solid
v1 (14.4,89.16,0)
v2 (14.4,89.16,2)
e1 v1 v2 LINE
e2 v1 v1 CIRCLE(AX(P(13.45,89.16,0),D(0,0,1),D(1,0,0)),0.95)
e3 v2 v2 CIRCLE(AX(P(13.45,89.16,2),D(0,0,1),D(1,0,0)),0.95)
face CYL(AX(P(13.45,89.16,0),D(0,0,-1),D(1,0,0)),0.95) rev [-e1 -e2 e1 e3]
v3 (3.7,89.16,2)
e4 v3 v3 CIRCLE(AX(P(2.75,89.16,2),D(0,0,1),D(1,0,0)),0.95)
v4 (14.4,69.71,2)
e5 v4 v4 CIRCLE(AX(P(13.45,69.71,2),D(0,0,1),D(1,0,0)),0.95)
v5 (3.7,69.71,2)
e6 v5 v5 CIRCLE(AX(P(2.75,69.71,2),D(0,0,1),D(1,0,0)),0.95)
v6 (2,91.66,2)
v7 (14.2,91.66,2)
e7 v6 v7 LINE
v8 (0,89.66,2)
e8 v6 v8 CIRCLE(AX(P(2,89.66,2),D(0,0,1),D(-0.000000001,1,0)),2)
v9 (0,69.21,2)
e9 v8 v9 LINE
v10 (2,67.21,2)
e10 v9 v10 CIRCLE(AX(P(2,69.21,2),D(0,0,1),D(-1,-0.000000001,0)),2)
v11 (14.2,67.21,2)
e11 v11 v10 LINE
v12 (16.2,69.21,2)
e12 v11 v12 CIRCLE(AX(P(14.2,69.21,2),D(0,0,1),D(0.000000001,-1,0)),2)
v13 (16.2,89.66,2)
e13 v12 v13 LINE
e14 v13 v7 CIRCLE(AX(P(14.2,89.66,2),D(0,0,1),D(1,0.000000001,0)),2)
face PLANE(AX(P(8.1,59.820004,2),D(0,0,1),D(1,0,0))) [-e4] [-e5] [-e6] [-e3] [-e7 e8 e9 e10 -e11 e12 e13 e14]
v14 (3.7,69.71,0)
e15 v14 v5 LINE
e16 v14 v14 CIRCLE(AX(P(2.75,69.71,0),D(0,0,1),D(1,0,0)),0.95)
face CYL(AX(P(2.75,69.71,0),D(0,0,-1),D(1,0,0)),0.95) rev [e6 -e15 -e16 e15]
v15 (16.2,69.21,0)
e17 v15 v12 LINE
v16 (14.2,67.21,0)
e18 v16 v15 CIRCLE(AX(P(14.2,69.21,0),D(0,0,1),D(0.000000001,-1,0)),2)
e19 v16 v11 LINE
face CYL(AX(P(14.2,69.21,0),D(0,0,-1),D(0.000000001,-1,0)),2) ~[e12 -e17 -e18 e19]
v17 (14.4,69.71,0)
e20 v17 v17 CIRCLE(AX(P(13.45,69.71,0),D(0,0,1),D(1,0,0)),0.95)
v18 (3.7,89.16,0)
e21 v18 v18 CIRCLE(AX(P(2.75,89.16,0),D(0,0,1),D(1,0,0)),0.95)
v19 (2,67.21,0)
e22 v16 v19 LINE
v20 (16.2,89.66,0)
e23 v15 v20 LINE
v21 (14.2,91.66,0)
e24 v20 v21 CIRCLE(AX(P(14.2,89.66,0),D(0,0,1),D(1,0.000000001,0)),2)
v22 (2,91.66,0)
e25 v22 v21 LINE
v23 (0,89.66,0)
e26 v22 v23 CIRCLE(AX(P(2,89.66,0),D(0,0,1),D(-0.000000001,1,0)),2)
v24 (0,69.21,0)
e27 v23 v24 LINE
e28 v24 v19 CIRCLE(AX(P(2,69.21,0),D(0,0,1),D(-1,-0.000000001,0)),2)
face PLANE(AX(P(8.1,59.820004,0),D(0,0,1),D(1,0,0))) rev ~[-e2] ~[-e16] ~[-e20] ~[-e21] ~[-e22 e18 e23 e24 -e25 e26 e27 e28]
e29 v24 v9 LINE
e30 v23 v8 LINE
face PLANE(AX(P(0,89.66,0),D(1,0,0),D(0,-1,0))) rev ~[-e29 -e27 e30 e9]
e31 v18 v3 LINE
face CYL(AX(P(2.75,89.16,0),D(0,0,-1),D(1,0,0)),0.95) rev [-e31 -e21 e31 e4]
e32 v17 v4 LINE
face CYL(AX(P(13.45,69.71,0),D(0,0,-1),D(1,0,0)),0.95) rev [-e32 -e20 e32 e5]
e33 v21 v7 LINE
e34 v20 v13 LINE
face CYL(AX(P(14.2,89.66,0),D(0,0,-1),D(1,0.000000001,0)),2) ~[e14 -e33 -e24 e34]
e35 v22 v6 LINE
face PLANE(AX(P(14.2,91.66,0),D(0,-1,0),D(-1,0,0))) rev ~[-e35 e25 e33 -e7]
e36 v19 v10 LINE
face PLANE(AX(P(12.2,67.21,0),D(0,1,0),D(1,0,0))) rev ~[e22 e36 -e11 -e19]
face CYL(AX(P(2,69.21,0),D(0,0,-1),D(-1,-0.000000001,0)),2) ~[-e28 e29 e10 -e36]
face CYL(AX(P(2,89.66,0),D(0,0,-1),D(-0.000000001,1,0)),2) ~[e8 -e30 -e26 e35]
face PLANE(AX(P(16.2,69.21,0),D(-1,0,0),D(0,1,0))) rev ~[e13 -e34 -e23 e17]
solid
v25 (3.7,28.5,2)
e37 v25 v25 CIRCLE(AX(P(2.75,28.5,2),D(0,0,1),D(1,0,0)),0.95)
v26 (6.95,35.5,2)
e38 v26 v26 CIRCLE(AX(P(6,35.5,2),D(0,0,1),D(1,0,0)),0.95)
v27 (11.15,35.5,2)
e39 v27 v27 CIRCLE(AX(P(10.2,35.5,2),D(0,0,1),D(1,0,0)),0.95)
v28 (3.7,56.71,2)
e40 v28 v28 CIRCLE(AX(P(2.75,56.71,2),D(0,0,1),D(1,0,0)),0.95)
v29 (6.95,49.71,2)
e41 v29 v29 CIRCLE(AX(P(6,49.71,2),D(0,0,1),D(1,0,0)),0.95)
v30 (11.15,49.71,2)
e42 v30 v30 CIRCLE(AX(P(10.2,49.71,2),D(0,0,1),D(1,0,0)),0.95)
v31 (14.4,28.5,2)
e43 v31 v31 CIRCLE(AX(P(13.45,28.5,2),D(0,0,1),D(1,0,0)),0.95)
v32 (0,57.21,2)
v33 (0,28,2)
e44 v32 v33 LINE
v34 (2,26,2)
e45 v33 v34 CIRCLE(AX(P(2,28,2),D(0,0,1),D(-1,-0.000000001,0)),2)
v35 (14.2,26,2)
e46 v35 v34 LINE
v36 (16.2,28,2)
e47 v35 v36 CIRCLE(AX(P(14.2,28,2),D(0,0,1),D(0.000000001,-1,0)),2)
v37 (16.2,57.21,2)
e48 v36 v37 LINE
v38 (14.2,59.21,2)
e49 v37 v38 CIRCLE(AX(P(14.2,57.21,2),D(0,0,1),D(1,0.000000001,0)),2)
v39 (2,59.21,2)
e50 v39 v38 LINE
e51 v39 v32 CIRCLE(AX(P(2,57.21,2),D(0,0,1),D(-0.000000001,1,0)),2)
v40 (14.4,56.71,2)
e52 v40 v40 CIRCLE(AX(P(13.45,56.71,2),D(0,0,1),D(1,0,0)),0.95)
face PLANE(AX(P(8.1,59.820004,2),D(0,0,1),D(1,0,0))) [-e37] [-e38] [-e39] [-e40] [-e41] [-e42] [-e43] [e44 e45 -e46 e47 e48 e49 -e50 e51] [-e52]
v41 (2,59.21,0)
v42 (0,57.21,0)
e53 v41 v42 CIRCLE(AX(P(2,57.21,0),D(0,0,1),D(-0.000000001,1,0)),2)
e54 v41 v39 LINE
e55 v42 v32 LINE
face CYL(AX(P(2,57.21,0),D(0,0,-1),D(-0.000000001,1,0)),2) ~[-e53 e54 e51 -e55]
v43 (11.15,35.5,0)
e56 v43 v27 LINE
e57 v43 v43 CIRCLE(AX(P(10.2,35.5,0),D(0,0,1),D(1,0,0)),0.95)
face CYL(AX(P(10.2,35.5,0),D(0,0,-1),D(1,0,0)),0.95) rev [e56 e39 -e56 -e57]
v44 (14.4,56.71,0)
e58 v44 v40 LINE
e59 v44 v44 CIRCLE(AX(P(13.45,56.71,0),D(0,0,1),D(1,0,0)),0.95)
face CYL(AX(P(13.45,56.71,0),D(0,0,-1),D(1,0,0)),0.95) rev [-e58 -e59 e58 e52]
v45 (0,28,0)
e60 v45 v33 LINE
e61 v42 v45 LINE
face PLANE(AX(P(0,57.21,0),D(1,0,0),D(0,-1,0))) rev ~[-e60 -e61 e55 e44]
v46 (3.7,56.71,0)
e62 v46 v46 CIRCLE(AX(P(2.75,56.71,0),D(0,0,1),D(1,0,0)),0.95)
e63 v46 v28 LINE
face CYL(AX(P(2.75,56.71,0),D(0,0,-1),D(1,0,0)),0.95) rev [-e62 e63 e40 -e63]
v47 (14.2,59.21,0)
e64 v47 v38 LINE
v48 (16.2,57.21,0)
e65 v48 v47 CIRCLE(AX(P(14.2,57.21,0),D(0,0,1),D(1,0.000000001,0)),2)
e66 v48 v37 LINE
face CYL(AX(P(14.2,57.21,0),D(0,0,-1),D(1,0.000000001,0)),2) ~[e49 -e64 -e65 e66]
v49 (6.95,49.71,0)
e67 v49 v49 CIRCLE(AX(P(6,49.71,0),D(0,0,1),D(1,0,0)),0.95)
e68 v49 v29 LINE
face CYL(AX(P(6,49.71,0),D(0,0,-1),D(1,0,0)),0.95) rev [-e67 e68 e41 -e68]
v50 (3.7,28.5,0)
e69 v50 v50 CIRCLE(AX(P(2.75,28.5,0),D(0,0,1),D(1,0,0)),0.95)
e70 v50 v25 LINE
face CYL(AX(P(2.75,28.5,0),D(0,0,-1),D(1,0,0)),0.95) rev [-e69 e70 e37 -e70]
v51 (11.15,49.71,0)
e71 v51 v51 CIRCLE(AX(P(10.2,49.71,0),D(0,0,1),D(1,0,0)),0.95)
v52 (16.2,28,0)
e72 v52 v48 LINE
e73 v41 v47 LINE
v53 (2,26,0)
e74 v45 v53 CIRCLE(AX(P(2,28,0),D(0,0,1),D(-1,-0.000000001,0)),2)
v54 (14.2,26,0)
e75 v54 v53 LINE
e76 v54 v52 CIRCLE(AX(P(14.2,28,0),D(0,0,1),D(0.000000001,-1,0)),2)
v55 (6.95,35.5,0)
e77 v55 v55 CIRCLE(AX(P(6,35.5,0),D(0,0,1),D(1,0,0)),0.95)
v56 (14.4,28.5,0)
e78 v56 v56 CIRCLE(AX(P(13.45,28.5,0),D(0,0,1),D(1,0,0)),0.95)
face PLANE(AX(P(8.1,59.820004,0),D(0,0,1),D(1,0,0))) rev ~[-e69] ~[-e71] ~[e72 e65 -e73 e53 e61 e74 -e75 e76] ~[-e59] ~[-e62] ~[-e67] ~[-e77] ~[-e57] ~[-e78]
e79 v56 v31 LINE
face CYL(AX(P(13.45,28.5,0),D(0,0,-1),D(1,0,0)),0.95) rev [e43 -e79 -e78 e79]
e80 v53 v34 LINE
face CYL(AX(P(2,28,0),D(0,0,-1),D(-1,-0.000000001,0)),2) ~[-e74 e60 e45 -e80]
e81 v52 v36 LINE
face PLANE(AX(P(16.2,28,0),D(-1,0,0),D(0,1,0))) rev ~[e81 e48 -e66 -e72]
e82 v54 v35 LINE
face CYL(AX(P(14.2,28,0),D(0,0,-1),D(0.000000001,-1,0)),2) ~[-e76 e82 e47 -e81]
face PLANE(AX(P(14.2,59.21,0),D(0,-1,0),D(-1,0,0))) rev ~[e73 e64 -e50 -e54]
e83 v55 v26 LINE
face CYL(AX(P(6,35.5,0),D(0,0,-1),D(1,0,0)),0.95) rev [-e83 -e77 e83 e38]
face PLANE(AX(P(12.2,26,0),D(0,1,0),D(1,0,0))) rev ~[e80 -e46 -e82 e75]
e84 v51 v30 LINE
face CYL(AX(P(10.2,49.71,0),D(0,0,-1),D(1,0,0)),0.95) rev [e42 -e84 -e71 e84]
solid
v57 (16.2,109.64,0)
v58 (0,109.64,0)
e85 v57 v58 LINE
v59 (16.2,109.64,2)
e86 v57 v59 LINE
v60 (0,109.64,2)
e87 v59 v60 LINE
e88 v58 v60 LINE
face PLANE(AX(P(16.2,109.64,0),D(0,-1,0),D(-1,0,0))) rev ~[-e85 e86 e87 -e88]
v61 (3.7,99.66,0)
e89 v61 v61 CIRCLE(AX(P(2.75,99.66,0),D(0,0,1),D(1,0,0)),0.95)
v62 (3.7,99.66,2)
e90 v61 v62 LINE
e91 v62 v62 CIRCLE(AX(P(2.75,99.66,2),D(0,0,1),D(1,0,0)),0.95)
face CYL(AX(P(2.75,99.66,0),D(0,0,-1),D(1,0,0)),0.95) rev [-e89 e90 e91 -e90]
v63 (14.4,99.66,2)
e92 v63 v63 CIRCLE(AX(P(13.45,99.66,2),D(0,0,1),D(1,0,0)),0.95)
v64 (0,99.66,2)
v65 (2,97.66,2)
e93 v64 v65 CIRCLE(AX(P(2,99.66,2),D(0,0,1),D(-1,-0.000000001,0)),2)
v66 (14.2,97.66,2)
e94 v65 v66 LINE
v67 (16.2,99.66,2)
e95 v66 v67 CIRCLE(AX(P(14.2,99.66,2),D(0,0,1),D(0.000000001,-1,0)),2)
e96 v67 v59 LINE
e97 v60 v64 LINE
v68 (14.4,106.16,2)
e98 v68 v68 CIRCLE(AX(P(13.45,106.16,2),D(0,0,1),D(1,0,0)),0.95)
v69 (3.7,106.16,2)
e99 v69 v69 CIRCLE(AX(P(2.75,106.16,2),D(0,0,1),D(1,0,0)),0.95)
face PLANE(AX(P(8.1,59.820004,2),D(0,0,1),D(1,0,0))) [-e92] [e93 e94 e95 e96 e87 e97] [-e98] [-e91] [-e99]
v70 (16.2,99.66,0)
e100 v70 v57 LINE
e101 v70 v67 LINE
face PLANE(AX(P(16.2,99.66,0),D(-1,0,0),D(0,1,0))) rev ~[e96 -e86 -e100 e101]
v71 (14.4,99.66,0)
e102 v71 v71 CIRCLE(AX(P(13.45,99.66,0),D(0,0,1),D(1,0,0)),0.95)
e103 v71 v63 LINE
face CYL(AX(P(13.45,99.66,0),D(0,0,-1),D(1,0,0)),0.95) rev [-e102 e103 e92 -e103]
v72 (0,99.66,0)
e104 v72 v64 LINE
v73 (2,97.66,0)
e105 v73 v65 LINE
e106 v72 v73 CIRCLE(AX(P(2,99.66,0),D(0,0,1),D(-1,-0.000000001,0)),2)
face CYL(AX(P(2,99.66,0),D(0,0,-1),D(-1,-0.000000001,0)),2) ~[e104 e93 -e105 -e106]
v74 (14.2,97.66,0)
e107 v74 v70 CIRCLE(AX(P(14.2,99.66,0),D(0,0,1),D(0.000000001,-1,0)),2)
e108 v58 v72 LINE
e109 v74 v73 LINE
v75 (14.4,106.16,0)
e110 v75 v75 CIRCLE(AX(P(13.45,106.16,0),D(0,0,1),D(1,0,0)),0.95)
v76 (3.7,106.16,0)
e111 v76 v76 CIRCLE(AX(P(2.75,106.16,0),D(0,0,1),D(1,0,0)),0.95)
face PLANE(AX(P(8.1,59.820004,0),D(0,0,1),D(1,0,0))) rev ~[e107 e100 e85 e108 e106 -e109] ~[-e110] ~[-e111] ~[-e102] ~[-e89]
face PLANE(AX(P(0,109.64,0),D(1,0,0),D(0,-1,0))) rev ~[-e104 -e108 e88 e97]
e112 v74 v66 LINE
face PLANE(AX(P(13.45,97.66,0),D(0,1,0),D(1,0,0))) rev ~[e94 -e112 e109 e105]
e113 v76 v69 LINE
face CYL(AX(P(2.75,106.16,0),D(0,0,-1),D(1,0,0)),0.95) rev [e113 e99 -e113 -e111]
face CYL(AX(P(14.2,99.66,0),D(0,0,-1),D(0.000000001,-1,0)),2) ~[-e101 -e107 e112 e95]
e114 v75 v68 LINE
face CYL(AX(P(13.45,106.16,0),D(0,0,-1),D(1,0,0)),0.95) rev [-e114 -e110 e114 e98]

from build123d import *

# Parameters (mm, degrees)
SKETCH1_R           = 0.95
SKETCH1_W           = 4.2
SKETCH1_H           = 8
SKETCH1_W_2         = 8.2
SKETCH1_H_2         = 6
BOSS_EXTRUDE1_DEPTH = 2
SKETCH2_W           = 10.7
SKETCH2_H           = 6
SKETCH2_W_2         = 8.2
SKETCH2_H_2         = 8
SKETCH2_H_3         = 12
CUT_EXTRUDE1_DEPTH  = 2


with BuildPart() as part:
    # Sketch1 → Boss-Extrude1 (new body)
    with BuildSketch(Plane.XY):
        with BuildLine():
            Line((16.2, 109.64), (0, 109.64))
            Line((0, 109.64), (0, 99.66))
            ThreePointArc((0, 99.66), (0.585786438, 98.245786438), (2, 97.66))
            Line((2, 97.66), (2.75, 97.66))
            Line((2.75, 97.66), (2.75, 91.66))
            Line((2.75, 91.66), (2, 91.66))
            ThreePointArc((2, 91.66), (0.585786438, 91.074213562), (0, 89.66))
            Line((0, 89.66), (0, 69.21))
            ThreePointArc((0, 69.21), (0.585786438, 67.795786438), (2, 67.21))
            Line((2, 67.21), (4, 67.21))
            Line((4, 67.21), (4, 59.21))
            Line((4, 59.21), (2, 59.21))
            ThreePointArc((2, 59.21), (0.585786438, 58.624213562), (0, 57.21))
            Line((0, 57.21), (0, 28))
            ThreePointArc((0, 28), (0.585786438, 26.585786438), (2, 26))
            Line((2, 26), (4, 26))
            Line((4, 26), (4, 14))
            Line((4, 14), (6, 14))
            Line((6, 14), (6, 26))
            Line((6, 26), (10.2, 26))
            Line((10.2, 26), (10.2, 14))
            Line((10.2, 14), (12.2, 14))
            Line((12.2, 14), (12.2, 26))
            Line((12.2, 26), (14.2, 26))
            ThreePointArc((14.2, 26), (15.614213562, 26.585786438), (16.2, 28))
            Line((16.2, 28), (16.2, 57.21))
            ThreePointArc((16.2, 57.21), (15.614213562, 58.624213562), (14.2, 59.21))
            Line((14.2, 59.21), (12.2, 59.21))
            Line((12.2, 59.21), (12.2, 67.21))
            Line((12.2, 67.21), (14.2, 67.21))
            ThreePointArc((14.2, 67.21), (15.614213562, 67.795786438), (16.2, 69.21))
            Line((16.2, 69.21), (16.2, 89.66))
            ThreePointArc((16.2, 89.66), (15.614213562, 91.074213562), (14.2, 91.66))
            Line((14.2, 91.66), (13.45, 91.66))
            Line((13.45, 91.66), (13.45, 97.66))
            Line((13.45, 97.66), (14.2, 97.66))
            ThreePointArc((14.2, 97.66), (15.614213562, 98.245786438), (16.2, 99.66))
            Line((16.2, 99.66), (16.2, 109.64))
        make_face()
        with Locations((13.45, 56.71)):
            Circle(SKETCH1_R, mode=Mode.SUBTRACT)
        with Locations((10.2, 49.71)):
            Circle(SKETCH1_R, mode=Mode.SUBTRACT)
        with Locations((13.45, 106.16)):
            Circle(SKETCH1_R, mode=Mode.SUBTRACT)
        with Locations((2.75, 99.66)):
            Circle(SKETCH1_R, mode=Mode.SUBTRACT)
        with Locations((6, 49.71)):
            Circle(SKETCH1_R, mode=Mode.SUBTRACT)
        with Locations((2.75, 28.5)):
            Circle(SKETCH1_R, mode=Mode.SUBTRACT)
        with Locations((2.75, 89.16)):
            Circle(SKETCH1_R, mode=Mode.SUBTRACT)
        with Locations((2.75, 56.71)):
            Circle(SKETCH1_R, mode=Mode.SUBTRACT)
        with Locations((13.45, 89.16)):
            Circle(SKETCH1_R, mode=Mode.SUBTRACT)
        with Locations((13.45, 99.66)):
            Circle(SKETCH1_R, mode=Mode.SUBTRACT)
        with Locations((13.45, 69.71)):
            Circle(SKETCH1_R, mode=Mode.SUBTRACT)
        with Locations((6, 35.5)):
            Circle(SKETCH1_R, mode=Mode.SUBTRACT)
        with Locations((2.75, 106.16)):
            Circle(SKETCH1_R, mode=Mode.SUBTRACT)
        with Locations((10.2, 35.5)):
            Circle(SKETCH1_R, mode=Mode.SUBTRACT)
        with Locations((2.75, 69.71)):
            Circle(SKETCH1_R, mode=Mode.SUBTRACT)
        with Locations((13.45, 28.5)):
            Circle(SKETCH1_R, mode=Mode.SUBTRACT)
        with Locations((8.1, 63.21)):
            Rectangle(SKETCH1_W, SKETCH1_H, mode=Mode.SUBTRACT)
        with Locations((8.1, 94.66)):
            Rectangle(SKETCH1_W_2, SKETCH1_H_2, mode=Mode.SUBTRACT)
    extrude(amount=BOSS_EXTRUDE1_DEPTH)

    # Sketch2 → Cut-Extrude1 (cut)
    with BuildSketch(Plane(origin=(0, 0, 0), x_dir=(-1, 0, 0), z_dir=(0, 0, -1))):
        with Locations((-8.1, 94.66)):
            Rectangle(SKETCH2_W, SKETCH2_H)
        with Locations((-8.1, 63.21)):
            Rectangle(SKETCH2_W_2, SKETCH2_H_2)
        with Locations((-8.1, 20)):
            Rectangle(SKETCH2_W_2, SKETCH2_H_3)
    extrude(amount=-CUT_EXTRUDE1_DEPTH, mode=Mode.SUBTRACT)


solid = part.part
